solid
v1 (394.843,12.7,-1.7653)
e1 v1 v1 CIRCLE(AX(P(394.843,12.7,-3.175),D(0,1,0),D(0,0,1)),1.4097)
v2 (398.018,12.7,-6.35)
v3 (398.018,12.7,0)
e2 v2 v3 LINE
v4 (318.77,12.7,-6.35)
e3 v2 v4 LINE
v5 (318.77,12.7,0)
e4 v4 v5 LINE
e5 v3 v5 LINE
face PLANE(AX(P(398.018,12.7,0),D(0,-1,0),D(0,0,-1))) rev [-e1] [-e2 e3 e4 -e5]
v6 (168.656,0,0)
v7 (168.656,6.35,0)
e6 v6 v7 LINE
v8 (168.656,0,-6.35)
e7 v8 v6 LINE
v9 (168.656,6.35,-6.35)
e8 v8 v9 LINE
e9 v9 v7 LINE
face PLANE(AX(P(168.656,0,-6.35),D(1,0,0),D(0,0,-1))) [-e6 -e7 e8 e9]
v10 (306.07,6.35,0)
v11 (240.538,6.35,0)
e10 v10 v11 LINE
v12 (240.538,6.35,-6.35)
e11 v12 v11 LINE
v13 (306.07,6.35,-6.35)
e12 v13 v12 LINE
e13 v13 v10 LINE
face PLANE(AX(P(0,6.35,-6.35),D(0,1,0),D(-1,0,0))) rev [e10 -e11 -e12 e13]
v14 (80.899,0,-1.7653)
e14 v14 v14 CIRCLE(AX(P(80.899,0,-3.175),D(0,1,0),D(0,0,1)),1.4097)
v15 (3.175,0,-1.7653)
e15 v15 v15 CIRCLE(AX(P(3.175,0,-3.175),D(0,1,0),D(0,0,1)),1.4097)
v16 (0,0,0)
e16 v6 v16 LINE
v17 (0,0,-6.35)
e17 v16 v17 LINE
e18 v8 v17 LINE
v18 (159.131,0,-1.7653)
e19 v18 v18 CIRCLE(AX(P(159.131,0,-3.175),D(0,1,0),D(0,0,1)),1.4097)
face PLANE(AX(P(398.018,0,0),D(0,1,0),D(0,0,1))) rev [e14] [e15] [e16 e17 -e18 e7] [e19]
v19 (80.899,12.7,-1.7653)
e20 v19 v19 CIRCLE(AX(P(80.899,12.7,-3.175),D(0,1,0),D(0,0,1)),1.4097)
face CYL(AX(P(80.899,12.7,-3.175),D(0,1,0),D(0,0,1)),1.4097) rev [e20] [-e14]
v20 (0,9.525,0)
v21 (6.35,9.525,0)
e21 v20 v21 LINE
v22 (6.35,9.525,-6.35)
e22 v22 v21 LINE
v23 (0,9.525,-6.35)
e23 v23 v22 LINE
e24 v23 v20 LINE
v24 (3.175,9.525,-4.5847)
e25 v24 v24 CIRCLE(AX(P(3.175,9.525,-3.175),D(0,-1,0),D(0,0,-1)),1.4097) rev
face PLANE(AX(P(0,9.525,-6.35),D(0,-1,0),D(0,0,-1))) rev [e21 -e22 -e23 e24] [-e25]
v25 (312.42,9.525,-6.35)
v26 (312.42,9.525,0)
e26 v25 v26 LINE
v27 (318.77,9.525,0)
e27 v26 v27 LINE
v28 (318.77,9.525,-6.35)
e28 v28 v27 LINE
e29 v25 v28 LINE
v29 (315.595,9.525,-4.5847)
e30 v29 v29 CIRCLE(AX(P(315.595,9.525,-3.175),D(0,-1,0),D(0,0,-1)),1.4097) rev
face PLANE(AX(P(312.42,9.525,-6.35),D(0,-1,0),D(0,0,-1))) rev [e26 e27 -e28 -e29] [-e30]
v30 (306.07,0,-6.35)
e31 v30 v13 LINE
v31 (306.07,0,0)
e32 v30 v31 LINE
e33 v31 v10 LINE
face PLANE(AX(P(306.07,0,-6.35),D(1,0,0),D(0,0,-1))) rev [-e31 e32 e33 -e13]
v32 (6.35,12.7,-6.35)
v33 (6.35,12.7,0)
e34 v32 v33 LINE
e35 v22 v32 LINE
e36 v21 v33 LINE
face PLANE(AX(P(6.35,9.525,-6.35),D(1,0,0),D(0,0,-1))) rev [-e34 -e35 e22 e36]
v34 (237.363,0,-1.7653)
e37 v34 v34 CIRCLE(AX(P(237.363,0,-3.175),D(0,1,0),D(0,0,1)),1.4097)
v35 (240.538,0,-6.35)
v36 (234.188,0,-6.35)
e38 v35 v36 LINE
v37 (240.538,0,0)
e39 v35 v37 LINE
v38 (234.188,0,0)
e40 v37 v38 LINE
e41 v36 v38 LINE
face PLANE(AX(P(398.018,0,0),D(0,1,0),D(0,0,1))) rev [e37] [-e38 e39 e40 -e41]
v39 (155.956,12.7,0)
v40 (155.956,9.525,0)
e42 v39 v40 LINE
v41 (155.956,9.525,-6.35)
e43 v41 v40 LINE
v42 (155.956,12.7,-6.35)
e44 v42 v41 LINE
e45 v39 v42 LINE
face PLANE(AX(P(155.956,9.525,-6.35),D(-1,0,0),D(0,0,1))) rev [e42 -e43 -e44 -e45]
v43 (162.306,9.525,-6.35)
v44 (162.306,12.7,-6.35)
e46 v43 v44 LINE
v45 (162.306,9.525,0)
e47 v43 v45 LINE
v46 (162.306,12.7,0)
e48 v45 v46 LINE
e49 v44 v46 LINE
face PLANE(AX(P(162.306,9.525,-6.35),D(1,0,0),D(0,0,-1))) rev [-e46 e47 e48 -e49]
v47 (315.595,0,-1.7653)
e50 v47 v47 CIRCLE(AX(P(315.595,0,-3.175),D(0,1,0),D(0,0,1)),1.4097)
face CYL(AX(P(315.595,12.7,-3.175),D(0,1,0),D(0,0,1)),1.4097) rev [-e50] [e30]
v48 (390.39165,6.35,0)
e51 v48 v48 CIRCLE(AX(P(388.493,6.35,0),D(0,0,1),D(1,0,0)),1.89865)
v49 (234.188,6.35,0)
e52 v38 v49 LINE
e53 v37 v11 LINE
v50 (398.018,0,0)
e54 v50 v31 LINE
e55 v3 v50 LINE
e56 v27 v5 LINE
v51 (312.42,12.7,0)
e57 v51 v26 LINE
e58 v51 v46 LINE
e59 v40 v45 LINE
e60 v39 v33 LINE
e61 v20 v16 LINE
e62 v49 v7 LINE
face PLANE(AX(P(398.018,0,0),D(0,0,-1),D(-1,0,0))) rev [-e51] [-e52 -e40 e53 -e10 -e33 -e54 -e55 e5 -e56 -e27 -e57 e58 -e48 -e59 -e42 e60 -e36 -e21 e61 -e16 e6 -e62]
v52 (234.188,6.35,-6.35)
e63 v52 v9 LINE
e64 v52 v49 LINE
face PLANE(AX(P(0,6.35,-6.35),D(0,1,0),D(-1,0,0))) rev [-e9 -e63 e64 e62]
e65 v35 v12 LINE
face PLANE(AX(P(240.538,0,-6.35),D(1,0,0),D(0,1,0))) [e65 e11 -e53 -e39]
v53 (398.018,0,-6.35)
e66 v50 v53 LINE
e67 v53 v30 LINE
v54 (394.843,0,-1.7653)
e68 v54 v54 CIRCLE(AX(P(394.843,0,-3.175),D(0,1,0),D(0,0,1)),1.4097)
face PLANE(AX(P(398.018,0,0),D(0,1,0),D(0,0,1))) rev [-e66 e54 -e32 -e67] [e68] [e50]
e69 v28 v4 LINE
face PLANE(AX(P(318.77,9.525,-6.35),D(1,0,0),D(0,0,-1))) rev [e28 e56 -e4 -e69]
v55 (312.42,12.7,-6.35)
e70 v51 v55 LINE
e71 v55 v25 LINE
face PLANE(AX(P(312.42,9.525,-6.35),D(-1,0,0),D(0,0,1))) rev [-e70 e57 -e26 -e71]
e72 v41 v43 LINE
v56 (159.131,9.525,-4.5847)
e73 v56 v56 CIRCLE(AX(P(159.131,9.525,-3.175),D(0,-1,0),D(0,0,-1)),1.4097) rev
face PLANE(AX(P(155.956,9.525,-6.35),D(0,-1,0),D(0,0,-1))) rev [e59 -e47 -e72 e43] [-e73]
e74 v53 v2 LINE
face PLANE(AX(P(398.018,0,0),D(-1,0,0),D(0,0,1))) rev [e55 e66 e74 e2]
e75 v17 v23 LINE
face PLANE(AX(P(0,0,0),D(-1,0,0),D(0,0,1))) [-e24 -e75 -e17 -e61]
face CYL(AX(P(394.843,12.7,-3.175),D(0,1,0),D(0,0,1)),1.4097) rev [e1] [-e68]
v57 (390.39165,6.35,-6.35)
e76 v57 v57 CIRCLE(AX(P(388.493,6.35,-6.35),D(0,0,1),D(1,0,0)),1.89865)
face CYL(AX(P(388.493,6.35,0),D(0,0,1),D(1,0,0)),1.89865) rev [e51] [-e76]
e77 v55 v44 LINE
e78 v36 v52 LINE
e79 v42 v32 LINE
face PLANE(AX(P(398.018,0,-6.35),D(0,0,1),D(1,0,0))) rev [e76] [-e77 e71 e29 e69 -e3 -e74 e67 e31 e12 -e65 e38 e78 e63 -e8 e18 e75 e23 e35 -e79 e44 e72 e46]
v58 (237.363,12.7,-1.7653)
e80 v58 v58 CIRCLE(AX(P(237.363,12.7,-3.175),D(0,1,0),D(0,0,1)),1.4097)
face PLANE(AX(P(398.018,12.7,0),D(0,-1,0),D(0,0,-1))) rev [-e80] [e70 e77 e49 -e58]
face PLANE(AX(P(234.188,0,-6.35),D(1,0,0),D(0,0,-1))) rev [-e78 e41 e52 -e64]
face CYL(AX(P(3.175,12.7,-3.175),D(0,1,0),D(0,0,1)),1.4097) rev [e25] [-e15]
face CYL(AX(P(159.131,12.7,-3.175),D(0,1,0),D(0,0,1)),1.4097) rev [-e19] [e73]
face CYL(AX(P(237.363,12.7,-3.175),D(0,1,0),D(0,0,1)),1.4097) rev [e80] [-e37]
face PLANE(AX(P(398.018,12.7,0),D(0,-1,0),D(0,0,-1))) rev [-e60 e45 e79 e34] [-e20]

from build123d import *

# Parameters (mm, degrees)
SKETCH1_W                   = 6.35
SKETCH1_H                   = 12.7
BOSS_EXTRUDE1_DEPTH         = 398.018
F_34_0_111_DIAMETER_HOLE1_D = 2.8194
SKETCH6_W                   = 6.35
SKETCH6_H                   = 6.35
CUT_EXTRUDE1_DEPTH          = 7.35
TAP_DRILL_FOR_10_24_TAP1_D  = 3.7973
SKETCH9_W                   = 65.532
SKETCH9_H                   = 6.35
CUT_EXTRUDE3_DEPTH          = 7.35


with BuildPart() as part:
    # Sketch1 → Boss-Extrude1 (new body)
    with BuildSketch(Plane(origin=(0, 0, 0), x_dir=(0, 0, -1), z_dir=(1, 0, 0))):
        with Locations((3.175, 6.35)):
            Rectangle(SKETCH1_W, SKETCH1_H)
    extrude(amount=BOSS_EXTRUDE1_DEPTH)

    # #34 (0.111) Diameter Hole1 (through all)
    with Locations(Plane(origin=(0, 12.7, 0), x_dir=(1, 0, 0), z_dir=(0, 1, 0))):
        with Locations((3.175, 3.175), (159.131, 3.175), (80.899, 3.175), (237.363, 3.175), (315.595, 3.175), (394.843, 3.175)):
            Hole(F_34_0_111_DIAMETER_HOLE1_D / 2)

    # Sketch6 → Cut-Extrude1 (cut, through all)
    with BuildSketch(Plane.XY):
        with Locations((315.595, 12.7)):
            Rectangle(SKETCH6_W, SKETCH6_H)
        with Locations((159.131, 12.7)):
            Rectangle(SKETCH6_W, SKETCH6_H)
        with Locations((3.175, 12.7)):
            Rectangle(SKETCH6_W, SKETCH6_H)
    extrude(amount=-CUT_EXTRUDE1_DEPTH, mode=Mode.SUBTRACT)

    # Tap Drill for #10-24 Tap1 (through all)
    with Locations(Plane.XY):
        with Locations((388.493, 6.35)):
            Hole(TAP_DRILL_FOR_10_24_TAP1_D / 2)

    # Sketch9 → Cut-Extrude3 (cut, through all)
    with BuildSketch(Plane.XY):
        with Locations((201.422, 3.175)):
            Rectangle(SKETCH9_W, SKETCH9_H)
        with Locations((273.304, 3.175)):
            Rectangle(SKETCH9_W, SKETCH9_H)
    extrude(amount=-CUT_EXTRUDE3_DEPTH, mode=Mode.SUBTRACT)


solid = part.part
